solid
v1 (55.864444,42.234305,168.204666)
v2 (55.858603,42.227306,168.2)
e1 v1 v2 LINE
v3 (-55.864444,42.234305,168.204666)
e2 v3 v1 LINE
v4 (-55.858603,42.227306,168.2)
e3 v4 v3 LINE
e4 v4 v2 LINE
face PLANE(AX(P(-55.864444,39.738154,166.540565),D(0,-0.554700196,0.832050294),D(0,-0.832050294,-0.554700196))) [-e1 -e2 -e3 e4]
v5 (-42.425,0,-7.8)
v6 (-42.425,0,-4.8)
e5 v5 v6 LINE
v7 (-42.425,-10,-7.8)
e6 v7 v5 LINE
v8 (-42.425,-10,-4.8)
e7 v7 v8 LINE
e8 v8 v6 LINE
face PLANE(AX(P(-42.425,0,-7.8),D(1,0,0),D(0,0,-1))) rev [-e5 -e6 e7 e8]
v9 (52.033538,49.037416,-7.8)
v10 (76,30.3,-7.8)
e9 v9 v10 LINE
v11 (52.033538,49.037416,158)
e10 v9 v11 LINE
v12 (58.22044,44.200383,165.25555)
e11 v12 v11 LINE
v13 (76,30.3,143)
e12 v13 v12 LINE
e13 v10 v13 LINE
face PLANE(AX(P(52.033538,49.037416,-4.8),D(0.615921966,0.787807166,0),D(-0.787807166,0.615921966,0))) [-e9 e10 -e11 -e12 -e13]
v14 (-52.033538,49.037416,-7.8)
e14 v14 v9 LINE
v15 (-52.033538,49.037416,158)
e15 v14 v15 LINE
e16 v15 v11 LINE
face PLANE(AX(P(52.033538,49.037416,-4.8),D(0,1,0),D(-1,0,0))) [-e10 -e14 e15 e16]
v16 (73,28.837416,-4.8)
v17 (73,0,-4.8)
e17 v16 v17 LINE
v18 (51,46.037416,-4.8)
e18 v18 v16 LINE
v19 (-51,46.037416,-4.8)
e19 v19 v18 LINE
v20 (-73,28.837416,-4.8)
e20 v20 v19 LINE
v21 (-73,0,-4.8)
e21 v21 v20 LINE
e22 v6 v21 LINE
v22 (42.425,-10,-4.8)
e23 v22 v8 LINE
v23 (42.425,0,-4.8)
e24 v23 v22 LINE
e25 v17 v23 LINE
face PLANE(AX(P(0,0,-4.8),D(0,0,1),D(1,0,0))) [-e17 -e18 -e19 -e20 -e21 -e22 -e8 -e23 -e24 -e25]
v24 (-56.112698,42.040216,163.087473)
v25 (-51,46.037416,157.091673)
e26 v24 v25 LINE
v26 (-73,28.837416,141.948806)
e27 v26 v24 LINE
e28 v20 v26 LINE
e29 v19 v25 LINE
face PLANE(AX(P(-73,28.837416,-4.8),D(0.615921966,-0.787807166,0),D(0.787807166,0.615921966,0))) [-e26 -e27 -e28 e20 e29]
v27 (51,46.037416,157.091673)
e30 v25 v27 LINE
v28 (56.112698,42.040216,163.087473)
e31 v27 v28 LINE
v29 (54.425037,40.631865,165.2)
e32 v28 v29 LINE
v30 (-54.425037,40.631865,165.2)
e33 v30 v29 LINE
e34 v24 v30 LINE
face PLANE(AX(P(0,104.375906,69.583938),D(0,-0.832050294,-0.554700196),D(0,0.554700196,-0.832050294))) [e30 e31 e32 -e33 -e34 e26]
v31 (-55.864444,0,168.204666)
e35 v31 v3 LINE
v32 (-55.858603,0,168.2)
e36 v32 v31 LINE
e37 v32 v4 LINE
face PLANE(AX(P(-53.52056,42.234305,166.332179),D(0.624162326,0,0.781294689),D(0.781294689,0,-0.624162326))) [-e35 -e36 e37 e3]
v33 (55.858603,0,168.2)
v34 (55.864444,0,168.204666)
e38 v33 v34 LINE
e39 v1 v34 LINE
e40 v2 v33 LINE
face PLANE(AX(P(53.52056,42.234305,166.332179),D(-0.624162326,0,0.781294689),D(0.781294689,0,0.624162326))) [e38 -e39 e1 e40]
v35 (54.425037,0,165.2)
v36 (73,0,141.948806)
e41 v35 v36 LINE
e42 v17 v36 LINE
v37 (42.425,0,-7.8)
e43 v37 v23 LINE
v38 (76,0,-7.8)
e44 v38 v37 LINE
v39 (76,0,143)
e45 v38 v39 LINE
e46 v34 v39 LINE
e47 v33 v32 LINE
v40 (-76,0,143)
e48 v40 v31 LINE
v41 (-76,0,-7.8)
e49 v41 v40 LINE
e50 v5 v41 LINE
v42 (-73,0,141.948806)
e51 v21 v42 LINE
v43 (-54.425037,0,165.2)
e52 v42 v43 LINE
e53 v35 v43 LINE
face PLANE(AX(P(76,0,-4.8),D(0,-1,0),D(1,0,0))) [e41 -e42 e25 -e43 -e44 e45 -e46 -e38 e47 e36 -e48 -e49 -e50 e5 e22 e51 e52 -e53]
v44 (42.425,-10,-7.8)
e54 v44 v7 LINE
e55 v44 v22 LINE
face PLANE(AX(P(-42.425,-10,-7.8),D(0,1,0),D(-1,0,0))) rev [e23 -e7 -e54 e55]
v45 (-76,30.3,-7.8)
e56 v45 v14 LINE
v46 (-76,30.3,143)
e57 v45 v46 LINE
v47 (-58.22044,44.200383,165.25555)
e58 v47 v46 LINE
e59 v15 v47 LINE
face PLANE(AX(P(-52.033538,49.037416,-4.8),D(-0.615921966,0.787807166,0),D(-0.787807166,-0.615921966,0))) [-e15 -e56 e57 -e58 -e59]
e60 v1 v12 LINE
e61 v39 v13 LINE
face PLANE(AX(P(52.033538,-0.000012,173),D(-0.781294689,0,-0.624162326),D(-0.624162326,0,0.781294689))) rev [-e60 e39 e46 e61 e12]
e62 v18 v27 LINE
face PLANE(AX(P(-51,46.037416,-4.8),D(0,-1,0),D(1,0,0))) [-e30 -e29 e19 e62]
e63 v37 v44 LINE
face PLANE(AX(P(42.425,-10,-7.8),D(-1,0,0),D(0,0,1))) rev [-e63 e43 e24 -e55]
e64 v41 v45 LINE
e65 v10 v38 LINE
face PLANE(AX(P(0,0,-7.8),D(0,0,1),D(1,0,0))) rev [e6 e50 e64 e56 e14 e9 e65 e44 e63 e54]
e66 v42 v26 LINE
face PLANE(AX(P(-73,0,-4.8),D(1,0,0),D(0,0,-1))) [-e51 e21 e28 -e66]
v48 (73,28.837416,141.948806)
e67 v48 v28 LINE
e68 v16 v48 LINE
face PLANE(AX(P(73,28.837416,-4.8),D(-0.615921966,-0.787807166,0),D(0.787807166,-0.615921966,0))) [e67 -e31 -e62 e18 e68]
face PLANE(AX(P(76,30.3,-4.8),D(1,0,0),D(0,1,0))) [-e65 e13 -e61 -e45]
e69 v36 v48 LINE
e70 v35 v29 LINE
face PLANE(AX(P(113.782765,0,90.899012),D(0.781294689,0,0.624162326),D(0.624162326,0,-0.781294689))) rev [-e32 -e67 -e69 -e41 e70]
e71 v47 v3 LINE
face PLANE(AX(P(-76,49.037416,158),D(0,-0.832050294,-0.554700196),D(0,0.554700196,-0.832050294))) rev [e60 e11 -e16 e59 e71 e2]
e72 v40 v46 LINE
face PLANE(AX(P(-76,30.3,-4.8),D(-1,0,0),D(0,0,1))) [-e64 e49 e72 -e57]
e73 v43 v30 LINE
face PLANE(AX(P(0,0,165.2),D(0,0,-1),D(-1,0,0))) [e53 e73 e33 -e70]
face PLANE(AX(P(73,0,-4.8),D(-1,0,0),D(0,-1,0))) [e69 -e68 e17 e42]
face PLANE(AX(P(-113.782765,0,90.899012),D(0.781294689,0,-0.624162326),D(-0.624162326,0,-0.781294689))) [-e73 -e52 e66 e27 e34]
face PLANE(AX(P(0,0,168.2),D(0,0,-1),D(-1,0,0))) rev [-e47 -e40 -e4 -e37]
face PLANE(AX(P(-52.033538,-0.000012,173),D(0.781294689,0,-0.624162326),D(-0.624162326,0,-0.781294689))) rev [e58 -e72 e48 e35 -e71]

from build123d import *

# Parameters (mm, degrees)
Y_KSEKLIK_EKSTR_ZYON1_DEPTH      = 173
Y_KSEKLIK_EKSTR_ZYON1_DEPTH_BACK = 4.8
KES_EKSTR_ZYON3_DEPTH            = 196.216977169
KES_EKSTR_ZYON3_DEPTH_BACK       = 196.216977169
KES_EKSTR_ZYON6_DEPTH            = 196.216977169
KES_EKSTR_ZYON6_DEPTH_BACK       = 196.216977169
Y_KSEKLIK_EKSTR_ZYON3_DEPTH      = 3
Y_KSEKLIK_EKSTR_ZYON4_DEPTH      = 3
Y_KSEKLIK_EKSTR_ZYON5_DEPTH      = 3
IZIM12_W                         = 111.728887866
IZIM12_H                         = 42.234305359
Y_KSEKLIK_EKSTR_ZYON6_DEPTH      = 3
Y_KSEKLIK_EKSTR_ZYON7_DEPTH      = 3


with BuildPart() as part:
    # Çizim1 → Yükseklik-Ekstrüzyon1 (new, two sides: drawn at the far end of the back side and taken through both)
    with BuildSketch(Plane.XY.offset(-Y_KSEKLIK_EKSTR_ZYON1_DEPTH_BACK)):
        Polygon((52.033537584, 49.037416071), (-52.033537584, 49.037416071), (-76, 30.3), (-76, 0), (-73, 0), (-73, 28.837416071), (-51, 46.037416071), (51, 46.037416071), (73, 28.837416071), (73, 0), (76, 0), (76, 30.3), align=None)
    extrude(amount=Y_KSEKLIK_EKSTR_ZYON1_DEPTH + Y_KSEKLIK_EKSTR_ZYON1_DEPTH_BACK)

    # Çizim5 → Kes-Ekstrüzyon3 (cut, two sides: drawn at the far end of the back side and taken through both)
    with BuildSketch(Plane(origin=(0, 0, 0), x_dir=(0, 0, -1), z_dir=(1, 0, 0)).offset(-KES_EKSTR_ZYON3_DEPTH_BACK)):
        Polygon((-158, 49.037416071), (-173, 39.037416071), (-173, 49.037416071), align=None)
    extrude(amount=KES_EKSTR_ZYON3_DEPTH + KES_EKSTR_ZYON3_DEPTH_BACK, mode=Mode.SUBTRACT)

    # Çizim6 → Kes-Ekstrüzyon6 (cut, two sides: drawn at the far end of the back side and taken through both)
    with BuildSketch(Plane(origin=(0, 0, 0), x_dir=(1, 0, 0), z_dir=(0, 1, 0)).offset(-KES_EKSTR_ZYON6_DEPTH_BACK)):
        Polygon((76, -143), (76, -173), (52.033537584, -173), align=None)
        Polygon((-52.033537584, -173), (-76, -143), (-76, -173), align=None)
    extrude(amount=KES_EKSTR_ZYON6_DEPTH + KES_EKSTR_ZYON6_DEPTH_BACK, mode=Mode.SUBTRACT)

    # Çizim7 → Yükseklik-Ekstrüzyon3 (add)
    with BuildSketch(Plane(origin=(0, 106.87205728, 71.248038187), x_dir=(1, 0, 0), z_dir=(0, 0.8320502943378435, 0.5547001962252296))):
        Polygon((-55.864443933, -116.52736444), (55.864443933, -116.52736444), (58.220440286, -112.982967479), (52.033537584, -104.262882189), (-52.033537584, -104.262882189), (-58.220440286, -112.982967479), align=None)
    extrude(amount=-Y_KSEKLIK_EKSTR_ZYON3_DEPTH)

    # Çizim9 → Yükseklik-Ekstrüzyon4 (add)
    with BuildSketch(Plane(origin=(-116.126649253, 0, 92.771499161), x_dir=(0.6241623263226247, 0, 0.7812946885775748), z_dir=(-0.7812946885775748, 0, 0.6241623263226247))):
        Polygon((92.774277659, 44.200383049), (96.548930908, 42.234305359), (96.548930908, 0), (64.288803666, 0), (64.288803666, 30.3), align=None)
    extrude(amount=-Y_KSEKLIK_EKSTR_ZYON4_DEPTH)

    # Çizim10 → Yükseklik-Ekstrüzyon5 (add)
    with BuildSketch(Plane(origin=(116.126649253, 0, 92.771499161), x_dir=(0.6241623263226247, 0, -0.7812946885775748), z_dir=(0.7812946885775748, 0, 0.6241623263226247))):
        Polygon((-96.548930908, 42.234305359), (-96.548930908, 0), (-64.288803666, 0), (-64.288803666, 30.3), (-92.774277659, 44.200383049), align=None)
    extrude(amount=-Y_KSEKLIK_EKSTR_ZYON5_DEPTH)

    # Çizim12 → Yükseklik-Ekstrüzyon6 (add)
    with BuildSketch(Plane(origin=(0, 0, 168.2), x_dir=(-1, 0, 0), z_dir=(0, 0, -1))):
        with Locations((0, 21.11715268)):
            Rectangle(IZIM12_W, IZIM12_H)
    extrude(amount=Y_KSEKLIK_EKSTR_ZYON6_DEPTH)

    # Çizim13 → Yükseklik-Ekstrüzyon7 (add)
    with BuildSketch(Plane(origin=(0, 0, -4.8), x_dir=(-1, 0, 0), z_dir=(0, 0, -1))):
        Polygon((-76, 30.3), (-52.033537584, 49.037416071), (52.033537584, 49.037416071), (76, 30.3), (76, 0), (42.425, 0), (42.425, -10), (-42.425, -10), (-42.425, 0), (-76, 0), align=None)
    extrude(amount=Y_KSEKLIK_EKSTR_ZYON7_DEPTH)


solid = part.part
